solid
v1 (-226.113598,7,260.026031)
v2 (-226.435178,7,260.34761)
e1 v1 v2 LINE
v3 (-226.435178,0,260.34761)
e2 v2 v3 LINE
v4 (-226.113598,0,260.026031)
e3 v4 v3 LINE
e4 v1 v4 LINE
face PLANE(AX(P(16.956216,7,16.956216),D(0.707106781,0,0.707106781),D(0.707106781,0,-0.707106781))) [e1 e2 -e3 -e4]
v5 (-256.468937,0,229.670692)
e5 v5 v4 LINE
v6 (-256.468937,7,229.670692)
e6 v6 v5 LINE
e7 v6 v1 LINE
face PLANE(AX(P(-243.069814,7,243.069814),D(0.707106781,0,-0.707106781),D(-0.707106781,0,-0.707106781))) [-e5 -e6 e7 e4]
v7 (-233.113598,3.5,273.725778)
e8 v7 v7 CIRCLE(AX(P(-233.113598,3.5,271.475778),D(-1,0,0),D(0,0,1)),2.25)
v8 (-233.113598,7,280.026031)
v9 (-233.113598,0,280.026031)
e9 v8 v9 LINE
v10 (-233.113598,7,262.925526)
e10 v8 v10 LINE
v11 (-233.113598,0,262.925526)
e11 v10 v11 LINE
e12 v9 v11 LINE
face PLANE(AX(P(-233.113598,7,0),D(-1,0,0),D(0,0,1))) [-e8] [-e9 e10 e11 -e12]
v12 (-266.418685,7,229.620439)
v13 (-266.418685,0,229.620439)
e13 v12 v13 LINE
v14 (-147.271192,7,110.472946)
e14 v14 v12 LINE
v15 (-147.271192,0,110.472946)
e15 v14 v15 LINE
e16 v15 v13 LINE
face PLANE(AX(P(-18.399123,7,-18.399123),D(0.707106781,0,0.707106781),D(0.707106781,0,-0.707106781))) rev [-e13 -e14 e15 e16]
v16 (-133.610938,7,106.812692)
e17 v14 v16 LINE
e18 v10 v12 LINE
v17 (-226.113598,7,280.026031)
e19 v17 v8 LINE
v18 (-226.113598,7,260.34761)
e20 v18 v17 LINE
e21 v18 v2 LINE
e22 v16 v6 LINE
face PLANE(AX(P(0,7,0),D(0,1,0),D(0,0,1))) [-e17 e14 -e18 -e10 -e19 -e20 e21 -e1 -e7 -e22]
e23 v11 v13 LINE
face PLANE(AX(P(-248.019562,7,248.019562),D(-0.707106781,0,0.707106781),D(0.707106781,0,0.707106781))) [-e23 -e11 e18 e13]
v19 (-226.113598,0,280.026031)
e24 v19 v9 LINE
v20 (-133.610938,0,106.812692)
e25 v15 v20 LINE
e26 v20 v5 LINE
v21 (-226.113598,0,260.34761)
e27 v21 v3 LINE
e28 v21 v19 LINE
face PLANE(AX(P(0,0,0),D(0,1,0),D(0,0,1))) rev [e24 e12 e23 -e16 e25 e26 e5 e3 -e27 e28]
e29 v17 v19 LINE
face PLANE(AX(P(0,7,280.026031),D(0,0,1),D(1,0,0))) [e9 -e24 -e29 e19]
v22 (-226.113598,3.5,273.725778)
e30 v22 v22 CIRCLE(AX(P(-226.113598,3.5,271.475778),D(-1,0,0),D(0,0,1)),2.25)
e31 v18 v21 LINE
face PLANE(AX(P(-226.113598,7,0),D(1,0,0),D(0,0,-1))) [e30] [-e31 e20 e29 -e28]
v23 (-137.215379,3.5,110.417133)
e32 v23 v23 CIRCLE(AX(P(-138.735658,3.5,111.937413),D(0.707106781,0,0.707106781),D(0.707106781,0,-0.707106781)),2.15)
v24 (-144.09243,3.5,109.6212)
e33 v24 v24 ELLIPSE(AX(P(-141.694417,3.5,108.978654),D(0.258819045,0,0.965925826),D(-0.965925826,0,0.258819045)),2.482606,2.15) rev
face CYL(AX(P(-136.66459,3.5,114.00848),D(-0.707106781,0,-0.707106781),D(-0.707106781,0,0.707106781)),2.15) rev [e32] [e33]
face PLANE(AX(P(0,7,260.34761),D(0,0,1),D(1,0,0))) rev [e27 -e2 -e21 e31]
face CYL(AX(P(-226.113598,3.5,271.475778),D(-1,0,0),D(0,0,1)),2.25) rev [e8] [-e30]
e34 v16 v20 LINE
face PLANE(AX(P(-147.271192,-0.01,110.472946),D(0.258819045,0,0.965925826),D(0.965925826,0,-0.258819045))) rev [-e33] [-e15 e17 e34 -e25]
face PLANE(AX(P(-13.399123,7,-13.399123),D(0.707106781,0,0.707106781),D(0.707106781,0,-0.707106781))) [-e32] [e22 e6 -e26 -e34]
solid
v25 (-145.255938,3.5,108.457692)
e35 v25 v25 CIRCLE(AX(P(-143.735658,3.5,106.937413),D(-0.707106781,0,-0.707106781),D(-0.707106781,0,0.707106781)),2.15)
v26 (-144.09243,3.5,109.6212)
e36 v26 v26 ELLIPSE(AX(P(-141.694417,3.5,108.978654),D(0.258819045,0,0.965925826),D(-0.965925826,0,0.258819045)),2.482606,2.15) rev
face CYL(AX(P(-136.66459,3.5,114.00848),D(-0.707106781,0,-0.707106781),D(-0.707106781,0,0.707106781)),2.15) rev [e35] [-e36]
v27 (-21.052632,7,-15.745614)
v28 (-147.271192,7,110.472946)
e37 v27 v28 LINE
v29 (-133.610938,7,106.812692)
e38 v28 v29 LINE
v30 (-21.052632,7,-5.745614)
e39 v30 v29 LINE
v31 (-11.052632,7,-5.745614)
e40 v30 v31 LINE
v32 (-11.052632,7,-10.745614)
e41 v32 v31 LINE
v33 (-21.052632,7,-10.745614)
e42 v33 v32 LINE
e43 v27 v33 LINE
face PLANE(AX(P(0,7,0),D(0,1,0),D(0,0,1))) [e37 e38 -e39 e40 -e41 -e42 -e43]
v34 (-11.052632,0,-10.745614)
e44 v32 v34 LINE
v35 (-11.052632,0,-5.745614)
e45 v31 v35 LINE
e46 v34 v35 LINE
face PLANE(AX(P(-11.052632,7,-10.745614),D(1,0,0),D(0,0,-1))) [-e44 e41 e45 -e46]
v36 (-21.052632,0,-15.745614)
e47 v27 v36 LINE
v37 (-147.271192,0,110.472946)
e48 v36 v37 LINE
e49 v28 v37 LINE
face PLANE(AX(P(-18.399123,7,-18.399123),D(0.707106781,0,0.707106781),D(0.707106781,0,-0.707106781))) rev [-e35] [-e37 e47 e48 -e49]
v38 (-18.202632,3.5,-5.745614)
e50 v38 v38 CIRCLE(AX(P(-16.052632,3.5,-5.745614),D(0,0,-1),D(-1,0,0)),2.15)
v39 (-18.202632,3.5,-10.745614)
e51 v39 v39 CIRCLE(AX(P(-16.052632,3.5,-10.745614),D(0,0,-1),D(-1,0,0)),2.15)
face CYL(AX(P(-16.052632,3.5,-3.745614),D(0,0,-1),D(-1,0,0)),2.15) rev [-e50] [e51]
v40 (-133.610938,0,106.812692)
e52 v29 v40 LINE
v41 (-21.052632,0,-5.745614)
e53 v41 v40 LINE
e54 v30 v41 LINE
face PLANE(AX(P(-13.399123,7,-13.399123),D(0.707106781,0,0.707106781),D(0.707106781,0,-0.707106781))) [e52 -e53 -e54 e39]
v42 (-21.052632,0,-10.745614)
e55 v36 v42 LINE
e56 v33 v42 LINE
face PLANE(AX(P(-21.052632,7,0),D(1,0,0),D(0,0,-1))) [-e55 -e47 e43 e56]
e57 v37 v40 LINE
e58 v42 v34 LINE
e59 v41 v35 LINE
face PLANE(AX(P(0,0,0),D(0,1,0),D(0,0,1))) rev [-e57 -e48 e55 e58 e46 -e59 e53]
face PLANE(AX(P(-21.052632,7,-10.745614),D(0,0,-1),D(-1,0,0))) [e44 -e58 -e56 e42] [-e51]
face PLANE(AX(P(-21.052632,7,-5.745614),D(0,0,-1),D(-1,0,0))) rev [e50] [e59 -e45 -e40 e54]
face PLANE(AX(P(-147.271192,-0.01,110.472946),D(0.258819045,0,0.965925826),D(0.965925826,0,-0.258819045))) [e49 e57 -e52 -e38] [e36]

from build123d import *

# Parameters (mm, degrees)
BOSS_EXTRU_1_DEPTH           = 7
ENL_V_MAT_EXTRU_1_DEPTH      = 7
ENL_V_MAT_EXTRU_2_DEPTH      = 7
ESQUISSE8_R                  = 2.15
ENL_V_MAT_EXTRU_3_DEPTH      = 10
FRACTIONNER1_SURFACE_1_BACK  = 391.822
FRACTIONNER1_SURFACE_1_DEPTH = 783.644
FRACTIONNER1_SURFACE_2_BACK  = 391.822
FRACTIONNER1_SURFACE_2_DEPTH = 783.644


with BuildPart() as part:
    # Esquisse4 → Boss.-Extru.1 (new body)
    with BuildSketch(Plane(origin=(0, 0, 0), x_dir=(1, 0, 0), z_dir=(0, 1, 0))):
        Polygon((-21.052631579, 15.745614035), (-266.418684651, -229.620439037), (-233.113598123, -262.925525564), (-233.113598123, -280.026030628), (-226.113598123, -280.026030628), (-226.113598123, -260.347610035), (-226.43517753, -260.347610035), (-226.113598123, -260.026030628), (-256.468937182, -229.670691568), (-21.052631579, 5.745614035), (-11.052631579, 5.745614035), (-11.052631579, 10.745614035), (-21.052631579, 10.745614035), align=None)
    extrude(amount=BOSS_EXTRU_1_DEPTH)

    # Esquisse5 → Enlèv. mat.-Extru.1 (cut)
    with BuildSketch(Plane.ZY.offset(233.113598123)):
        with BuildLine():
            Line((273.725778096, 3.5), (271.475778096, 3.5))
            Line((271.475778096, 3.5), (269.225778096, 3.5))
            ThreePointArc((269.225778096, 3.5), (271.475778096, 1.25), (273.725778096, 3.5))
        make_face()
        with BuildLine():
            Line((271.475778096, 5.75), (271.475778096, 3.5))
            Line((271.475778096, 3.5), (273.725778096, 3.5))
            ThreePointArc((273.725778096, 3.5), (273.066768354, 5.090990258), (271.475778096, 5.75))
        make_face()
        with BuildLine():
            Line((269.225778096, 3.5), (271.475778096, 3.5))
            Line((271.475778096, 3.5), (271.475778096, 5.75))
            ThreePointArc((271.475778096, 5.75), (269.884787838, 5.090990258), (269.225778096, 3.5))
        make_face()
    extrude(amount=-ENL_V_MAT_EXTRU_1_DEPTH, mode=Mode.SUBTRACT)

    # Esquisse6 → Enlèv. mat.-Extru.2 (cut)
    with BuildSketch(Plane(origin=(0, 0, -10.745614035), x_dir=(-1, 0, 0), z_dir=(0, 0, -1))):
        with BuildLine():
            Line((18.202631579, 3.5), (16.052631579, 3.5))
            Line((16.052631579, 3.5), (13.902631579, 3.5))
            ThreePointArc((13.902631579, 3.5), (16.052631579, 1.35), (18.202631579, 3.5))
        make_face()
        with BuildLine():
            Line((16.052631579, 5.65), (16.052631579, 3.5))
            Line((16.052631579, 3.5), (18.202631579, 3.5))
            ThreePointArc((18.202631579, 3.5), (17.572911158, 5.02027958), (16.052631579, 5.65))
        make_face()
        with BuildLine():
            Line((13.902631579, 3.5), (16.052631579, 3.5))
            Line((16.052631579, 3.5), (16.052631579, 5.65))
            ThreePointArc((16.052631579, 5.65), (14.532351999, 5.02027958), (13.902631579, 3.5))
        make_face()
    extrude(amount=-ENL_V_MAT_EXTRU_2_DEPTH, mode=Mode.SUBTRACT)

    # Esquisse8 → Enlèv. mat.-Extru.3 (cut)
    with BuildSketch(Plane(origin=(-18.399122807, 0, -18.399122807), x_dir=(-0.7071067811865475, 0, 0.7071067811865477), z_dir=(-0.7071067811865477, 0, -0.7071067811865475))):
        with Locations((177.252628093, 3.5)):
            Circle(ESQUISSE8_R)
    extrude(amount=-ENL_V_MAT_EXTRU_3_DEPTH, mode=Mode.SUBTRACT)


with BuildPart() as body_2:
    # Fractionner1: the piece behind the surface
    add(part.part)
    # Fractionner1 surface: a surface, the sketch's curves swept straight by 783.644 mm
    with BuildLine(Plane(origin=(0, 7, 0), x_dir=(1, 0, 0), z_dir=(0, 1, 0)).offset(-FRACTIONNER1_SURFACE_1_BACK), mode=Mode.PRIVATE) as fractionner1_surface_1_path:
        Line((-147.271192021, -110.472946407), (-133.610937983, -106.812692369))
    fractionner1_surface_1 = Shell.extrude(fractionner1_surface_1_path.wire(), (0 * FRACTIONNER1_SURFACE_1_DEPTH, 1 * FRACTIONNER1_SURFACE_1_DEPTH, 0 * FRACTIONNER1_SURFACE_1_DEPTH))
    split(bisect_by=fractionner1_surface_1, keep=Keep.BOTTOM)


with BuildPart() as part_1:
    add(part.part)

    # Fractionner1: split by a surface, the side it looks to stays
    # Fractionner1 surface: a surface, the sketch's curves swept straight by 783.644 mm
    with BuildLine(Plane(origin=(0, 7, 0), x_dir=(1, 0, 0), z_dir=(0, 1, 0)).offset(-FRACTIONNER1_SURFACE_2_BACK), mode=Mode.PRIVATE) as fractionner1_surface_2_path:
        Line((-147.271192021, -110.472946407), (-133.610937983, -106.812692369))
    fractionner1_surface_2 = Shell.extrude(fractionner1_surface_2_path.wire(), (0 * FRACTIONNER1_SURFACE_2_DEPTH, 1 * FRACTIONNER1_SURFACE_2_DEPTH, 0 * FRACTIONNER1_SURFACE_2_DEPTH))
    split(bisect_by=fractionner1_surface_2, keep=Keep.TOP)


solid = Compound([body_2.part, part_1.part])
